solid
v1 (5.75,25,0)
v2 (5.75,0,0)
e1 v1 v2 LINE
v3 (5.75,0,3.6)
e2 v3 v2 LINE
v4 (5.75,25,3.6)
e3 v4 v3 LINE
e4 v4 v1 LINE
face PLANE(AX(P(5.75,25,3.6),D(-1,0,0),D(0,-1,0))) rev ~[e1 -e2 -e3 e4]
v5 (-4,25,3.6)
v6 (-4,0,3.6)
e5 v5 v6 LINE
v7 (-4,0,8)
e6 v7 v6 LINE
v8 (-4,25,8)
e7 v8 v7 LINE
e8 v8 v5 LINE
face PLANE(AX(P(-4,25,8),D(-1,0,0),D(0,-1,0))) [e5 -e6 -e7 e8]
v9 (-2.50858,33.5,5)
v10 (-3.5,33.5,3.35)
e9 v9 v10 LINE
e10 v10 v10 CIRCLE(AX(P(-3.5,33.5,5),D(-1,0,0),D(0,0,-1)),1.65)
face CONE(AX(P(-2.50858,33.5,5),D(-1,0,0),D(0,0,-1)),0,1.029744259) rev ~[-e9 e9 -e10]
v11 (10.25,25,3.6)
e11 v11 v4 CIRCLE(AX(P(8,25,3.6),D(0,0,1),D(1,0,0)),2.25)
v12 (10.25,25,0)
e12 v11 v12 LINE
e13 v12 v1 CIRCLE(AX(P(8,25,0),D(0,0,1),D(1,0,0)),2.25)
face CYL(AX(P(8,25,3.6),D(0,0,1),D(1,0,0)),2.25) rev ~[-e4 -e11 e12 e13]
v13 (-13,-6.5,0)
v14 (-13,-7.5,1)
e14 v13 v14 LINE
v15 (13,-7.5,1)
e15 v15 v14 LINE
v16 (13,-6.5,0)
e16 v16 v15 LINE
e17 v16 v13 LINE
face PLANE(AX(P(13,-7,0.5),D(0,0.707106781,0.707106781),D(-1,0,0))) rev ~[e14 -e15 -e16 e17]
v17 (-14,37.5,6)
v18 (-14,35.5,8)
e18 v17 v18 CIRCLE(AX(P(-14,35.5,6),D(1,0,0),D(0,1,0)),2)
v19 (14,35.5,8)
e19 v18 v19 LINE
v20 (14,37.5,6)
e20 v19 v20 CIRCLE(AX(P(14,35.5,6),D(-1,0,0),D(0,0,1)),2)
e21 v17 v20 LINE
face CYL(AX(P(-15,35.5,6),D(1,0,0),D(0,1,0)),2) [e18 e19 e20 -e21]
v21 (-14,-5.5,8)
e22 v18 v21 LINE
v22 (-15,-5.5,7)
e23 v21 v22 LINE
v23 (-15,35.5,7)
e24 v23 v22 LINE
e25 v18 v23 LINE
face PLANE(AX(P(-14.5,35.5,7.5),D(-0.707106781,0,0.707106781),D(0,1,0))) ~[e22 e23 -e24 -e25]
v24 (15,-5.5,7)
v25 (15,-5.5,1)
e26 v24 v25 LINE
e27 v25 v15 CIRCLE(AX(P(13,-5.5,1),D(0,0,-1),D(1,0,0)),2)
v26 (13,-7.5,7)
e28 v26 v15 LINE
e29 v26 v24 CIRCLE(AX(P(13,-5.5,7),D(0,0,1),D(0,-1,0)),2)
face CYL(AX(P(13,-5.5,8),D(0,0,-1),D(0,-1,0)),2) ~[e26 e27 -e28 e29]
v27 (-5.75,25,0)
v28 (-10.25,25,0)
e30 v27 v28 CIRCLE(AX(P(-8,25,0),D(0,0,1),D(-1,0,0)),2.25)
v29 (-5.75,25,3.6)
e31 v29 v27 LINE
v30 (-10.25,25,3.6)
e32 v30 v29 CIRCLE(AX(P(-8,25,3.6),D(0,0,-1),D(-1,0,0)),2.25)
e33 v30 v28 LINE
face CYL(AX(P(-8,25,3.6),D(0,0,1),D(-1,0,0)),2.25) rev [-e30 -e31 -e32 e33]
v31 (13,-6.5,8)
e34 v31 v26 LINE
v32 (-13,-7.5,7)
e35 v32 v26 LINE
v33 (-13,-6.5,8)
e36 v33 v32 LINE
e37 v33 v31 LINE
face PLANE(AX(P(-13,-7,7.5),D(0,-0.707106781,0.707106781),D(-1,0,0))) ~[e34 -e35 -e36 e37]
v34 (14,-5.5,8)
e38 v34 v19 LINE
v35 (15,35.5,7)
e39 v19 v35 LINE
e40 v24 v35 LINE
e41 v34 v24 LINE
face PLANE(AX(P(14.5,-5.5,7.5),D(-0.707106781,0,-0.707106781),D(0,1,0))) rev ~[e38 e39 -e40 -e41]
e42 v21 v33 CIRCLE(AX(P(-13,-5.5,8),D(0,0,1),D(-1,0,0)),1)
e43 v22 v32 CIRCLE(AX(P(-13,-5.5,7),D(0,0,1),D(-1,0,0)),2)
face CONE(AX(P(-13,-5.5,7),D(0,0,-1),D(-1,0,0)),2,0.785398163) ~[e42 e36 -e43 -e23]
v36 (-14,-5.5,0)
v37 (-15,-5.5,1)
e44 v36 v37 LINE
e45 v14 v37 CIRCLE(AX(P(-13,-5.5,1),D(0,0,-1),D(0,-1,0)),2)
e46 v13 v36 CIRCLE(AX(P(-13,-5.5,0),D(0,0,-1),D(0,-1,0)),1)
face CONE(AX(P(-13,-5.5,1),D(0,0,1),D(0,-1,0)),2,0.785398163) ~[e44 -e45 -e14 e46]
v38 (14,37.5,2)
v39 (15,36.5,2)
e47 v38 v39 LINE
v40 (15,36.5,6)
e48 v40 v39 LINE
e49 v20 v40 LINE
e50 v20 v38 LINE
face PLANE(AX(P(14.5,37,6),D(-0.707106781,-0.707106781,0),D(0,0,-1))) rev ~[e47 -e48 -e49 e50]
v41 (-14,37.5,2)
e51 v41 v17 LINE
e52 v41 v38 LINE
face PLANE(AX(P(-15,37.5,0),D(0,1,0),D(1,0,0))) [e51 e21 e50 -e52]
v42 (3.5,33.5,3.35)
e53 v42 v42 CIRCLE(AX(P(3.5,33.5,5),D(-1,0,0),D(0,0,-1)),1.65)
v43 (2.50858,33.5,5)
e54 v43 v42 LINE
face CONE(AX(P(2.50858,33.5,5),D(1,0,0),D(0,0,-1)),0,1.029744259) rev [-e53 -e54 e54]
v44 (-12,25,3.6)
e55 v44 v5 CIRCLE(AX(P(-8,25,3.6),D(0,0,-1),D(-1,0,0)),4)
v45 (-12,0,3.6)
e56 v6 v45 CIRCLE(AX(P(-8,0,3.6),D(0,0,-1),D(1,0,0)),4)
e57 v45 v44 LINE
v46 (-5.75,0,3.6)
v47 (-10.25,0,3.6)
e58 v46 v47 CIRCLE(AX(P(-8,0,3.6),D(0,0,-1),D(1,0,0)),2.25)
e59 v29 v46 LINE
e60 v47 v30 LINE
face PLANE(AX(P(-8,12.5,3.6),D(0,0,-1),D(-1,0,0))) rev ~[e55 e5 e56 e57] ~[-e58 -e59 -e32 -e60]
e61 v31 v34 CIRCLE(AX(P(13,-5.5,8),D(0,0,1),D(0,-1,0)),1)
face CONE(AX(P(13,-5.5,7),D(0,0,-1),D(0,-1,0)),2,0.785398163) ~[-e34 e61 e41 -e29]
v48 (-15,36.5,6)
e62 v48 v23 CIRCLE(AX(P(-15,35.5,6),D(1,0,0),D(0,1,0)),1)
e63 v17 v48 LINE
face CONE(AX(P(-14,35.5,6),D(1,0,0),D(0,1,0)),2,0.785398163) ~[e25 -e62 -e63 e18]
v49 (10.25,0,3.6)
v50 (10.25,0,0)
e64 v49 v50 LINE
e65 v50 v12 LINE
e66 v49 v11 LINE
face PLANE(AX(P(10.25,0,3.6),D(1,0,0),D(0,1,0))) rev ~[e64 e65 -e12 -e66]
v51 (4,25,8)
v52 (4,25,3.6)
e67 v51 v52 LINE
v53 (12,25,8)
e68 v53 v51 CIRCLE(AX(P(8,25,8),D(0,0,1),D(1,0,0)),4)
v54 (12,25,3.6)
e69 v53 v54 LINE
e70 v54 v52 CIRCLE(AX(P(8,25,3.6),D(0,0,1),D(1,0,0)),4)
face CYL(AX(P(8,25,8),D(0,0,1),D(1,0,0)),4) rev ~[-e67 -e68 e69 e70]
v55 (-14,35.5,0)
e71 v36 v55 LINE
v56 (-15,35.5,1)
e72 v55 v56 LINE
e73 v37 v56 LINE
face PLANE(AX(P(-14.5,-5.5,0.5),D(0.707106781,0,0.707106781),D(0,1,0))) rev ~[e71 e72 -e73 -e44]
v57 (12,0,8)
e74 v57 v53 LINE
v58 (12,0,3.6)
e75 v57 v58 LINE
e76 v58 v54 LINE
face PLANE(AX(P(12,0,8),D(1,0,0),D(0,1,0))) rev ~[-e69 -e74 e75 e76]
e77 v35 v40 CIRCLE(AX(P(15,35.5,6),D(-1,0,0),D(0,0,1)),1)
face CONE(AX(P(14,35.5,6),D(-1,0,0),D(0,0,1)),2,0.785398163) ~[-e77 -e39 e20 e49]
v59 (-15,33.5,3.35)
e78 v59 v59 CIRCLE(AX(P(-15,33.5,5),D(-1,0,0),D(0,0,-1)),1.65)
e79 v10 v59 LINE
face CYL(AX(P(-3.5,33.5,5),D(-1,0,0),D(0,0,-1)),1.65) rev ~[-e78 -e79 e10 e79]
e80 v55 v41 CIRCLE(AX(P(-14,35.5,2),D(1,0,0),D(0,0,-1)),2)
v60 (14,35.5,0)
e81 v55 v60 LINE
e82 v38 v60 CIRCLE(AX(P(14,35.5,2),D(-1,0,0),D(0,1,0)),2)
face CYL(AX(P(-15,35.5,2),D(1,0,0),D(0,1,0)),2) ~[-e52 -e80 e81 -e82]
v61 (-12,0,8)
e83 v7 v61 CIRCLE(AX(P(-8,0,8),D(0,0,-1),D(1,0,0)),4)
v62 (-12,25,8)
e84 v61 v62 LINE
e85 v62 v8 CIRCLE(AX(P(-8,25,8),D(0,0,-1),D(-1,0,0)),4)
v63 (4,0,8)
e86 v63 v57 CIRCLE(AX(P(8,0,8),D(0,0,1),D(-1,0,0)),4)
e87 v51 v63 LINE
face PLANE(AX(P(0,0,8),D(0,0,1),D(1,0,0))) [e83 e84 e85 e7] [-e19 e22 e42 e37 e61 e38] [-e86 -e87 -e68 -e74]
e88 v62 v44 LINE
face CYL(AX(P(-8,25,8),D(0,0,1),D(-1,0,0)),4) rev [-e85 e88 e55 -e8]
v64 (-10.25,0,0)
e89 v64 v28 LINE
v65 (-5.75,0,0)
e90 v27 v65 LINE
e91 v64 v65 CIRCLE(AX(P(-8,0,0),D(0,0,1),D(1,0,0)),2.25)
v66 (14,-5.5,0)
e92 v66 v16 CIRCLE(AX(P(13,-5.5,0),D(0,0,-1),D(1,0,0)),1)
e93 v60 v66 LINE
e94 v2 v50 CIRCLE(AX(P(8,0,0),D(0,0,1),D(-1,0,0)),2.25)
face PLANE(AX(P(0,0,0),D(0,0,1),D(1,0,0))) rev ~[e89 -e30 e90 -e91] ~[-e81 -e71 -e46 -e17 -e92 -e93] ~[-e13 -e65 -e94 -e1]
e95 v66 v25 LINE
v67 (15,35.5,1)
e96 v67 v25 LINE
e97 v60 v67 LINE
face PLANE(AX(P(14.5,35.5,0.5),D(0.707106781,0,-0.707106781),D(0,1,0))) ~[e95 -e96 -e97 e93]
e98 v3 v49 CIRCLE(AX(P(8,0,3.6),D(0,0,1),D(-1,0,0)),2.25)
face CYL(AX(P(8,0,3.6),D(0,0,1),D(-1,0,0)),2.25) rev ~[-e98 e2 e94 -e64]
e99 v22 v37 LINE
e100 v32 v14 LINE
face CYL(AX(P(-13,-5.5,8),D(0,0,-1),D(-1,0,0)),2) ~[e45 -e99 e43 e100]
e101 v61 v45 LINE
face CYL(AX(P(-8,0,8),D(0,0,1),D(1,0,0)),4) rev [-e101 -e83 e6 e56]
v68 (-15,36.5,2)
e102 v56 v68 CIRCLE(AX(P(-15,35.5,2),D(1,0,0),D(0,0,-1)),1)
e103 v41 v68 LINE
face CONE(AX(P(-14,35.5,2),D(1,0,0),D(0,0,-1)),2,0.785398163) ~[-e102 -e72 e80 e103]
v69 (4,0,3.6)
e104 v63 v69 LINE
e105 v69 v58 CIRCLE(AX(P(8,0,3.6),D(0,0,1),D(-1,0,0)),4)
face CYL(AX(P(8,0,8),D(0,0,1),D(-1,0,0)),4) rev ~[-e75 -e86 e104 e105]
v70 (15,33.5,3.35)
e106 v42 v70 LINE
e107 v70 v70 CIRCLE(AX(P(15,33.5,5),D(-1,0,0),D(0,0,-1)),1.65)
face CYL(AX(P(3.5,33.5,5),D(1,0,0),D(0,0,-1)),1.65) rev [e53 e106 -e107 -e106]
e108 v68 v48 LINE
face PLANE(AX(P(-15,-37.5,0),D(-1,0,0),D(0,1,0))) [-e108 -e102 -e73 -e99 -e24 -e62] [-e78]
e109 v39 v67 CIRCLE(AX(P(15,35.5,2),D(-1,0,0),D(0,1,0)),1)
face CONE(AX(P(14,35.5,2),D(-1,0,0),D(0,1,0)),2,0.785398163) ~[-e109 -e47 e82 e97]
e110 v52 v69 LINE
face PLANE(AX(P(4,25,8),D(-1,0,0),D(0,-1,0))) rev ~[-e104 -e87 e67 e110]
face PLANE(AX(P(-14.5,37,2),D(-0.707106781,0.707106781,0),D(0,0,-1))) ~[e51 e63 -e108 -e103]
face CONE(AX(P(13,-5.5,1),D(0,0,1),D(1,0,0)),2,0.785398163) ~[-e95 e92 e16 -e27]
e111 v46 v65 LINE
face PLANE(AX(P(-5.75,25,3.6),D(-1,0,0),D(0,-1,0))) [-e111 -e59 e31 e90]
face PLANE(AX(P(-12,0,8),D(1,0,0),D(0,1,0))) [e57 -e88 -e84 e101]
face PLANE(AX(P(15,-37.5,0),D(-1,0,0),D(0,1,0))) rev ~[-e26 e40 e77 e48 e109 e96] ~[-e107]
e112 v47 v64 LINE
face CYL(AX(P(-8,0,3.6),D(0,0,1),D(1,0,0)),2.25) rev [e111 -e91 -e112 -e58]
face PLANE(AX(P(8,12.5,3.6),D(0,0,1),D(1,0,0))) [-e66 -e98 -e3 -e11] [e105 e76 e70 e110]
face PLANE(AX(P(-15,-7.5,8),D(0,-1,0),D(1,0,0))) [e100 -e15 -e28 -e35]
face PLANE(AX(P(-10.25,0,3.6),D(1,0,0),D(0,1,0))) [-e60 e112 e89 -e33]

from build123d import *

# Parameters (mm, degrees)
SKETCH1_W           = 30
SKETCH1_H           = 75
BOSS_EXTRUDE1_DEPTH = 8
FILLET2_R           = 2
CUT_EXTRUDE3_DEPTH  = 4.4
CUT_EXTRUDE4_DEPTH  = 4.4
SKETCH11_W          = 30
SKETCH11_H          = 30
CUT_EXTRUDE5_DEPTH  = 29.4
FILLET3_R           = 2
CHAMFER1_SIZE       = 1


with BuildPart() as part:
    # Sketch1 → Boss-Extrude1 (new body)
    with BuildSketch(Plane.XY):
        Rectangle(SKETCH1_W, SKETCH1_H)
    extrude(amount=BOSS_EXTRUDE1_DEPTH)

    # Sketch3 → M4 Tapped Hole1 (revolve, cut)
    with BuildSketch(Plane(origin=(15, 33.5, 5), x_dir=(0, 0, -1), z_dir=(0, 1, 0))):
        Polygon((0, 0), (0, 12.491420021), (1.65, 11.5), (1.65, 0), align=None)
    m4_tapped_hole1 = revolve(axis=Axis((21.35, 33.5, 5), (-1, 0, 0)), mode=Mode.SUBTRACT)

    # Fillet2
    fillet2_edges = [part.edges().sort_by_distance(p)[0] for p in [
        (0, 37.5, 0),
        (0, 37.5, 8),
    ]]
    fillet(fillet2_edges, radius=FILLET2_R)

    # Sketch9 → Cut-Extrude3 (cut)
    with BuildSketch(Plane.XY.offset(8)):
        with BuildLine():
            Line((-12, 0), (-12, 25))
            ThreePointArc((-12, 25), (-8, 29), (-4, 25))
            Line((-4, 25), (-4, 0))
            ThreePointArc((-4, 0), (-8, -4), (-12, 0))
        make_face()
        with BuildLine():
            Line((12, 0), (12, 25))
            ThreePointArc((12, 25), (8, 29), (4, 25))
            Line((4, 25), (4, 0))
            ThreePointArc((4, 0), (8, -4), (12, 0))
        make_face()
    extrude(amount=-CUT_EXTRUDE3_DEPTH, mode=Mode.SUBTRACT)

    # Sketch10 → Cut-Extrude4 (cut)
    with BuildSketch(Plane.XY.offset(3.6)):
        with BuildLine():
            Line((-5.75, 25), (-5.75, 0))
            ThreePointArc((-5.75, 0), (-8, -2.25), (-10.25, 0))
            Line((-10.25, 0), (-10.25, 25))
            ThreePointArc((-10.25, 25), (-8, 27.25), (-5.75, 25))
        make_face()
        with BuildLine():
            Line((5.75, 25), (5.75, 0))
            ThreePointArc((5.75, 0), (8, -2.25), (10.25, 0))
            Line((10.25, 0), (10.25, 25))
            ThreePointArc((10.25, 25), (8, 27.25), (5.75, 25))
        make_face()
    extrude(amount=-CUT_EXTRUDE4_DEPTH, mode=Mode.SUBTRACT)

    # Sketch11 → Cut-Extrude5 (cut)
    with BuildSketch(Plane.XY.offset(8)):
        with Locations((0, -22.5)):
            Rectangle(SKETCH11_W, SKETCH11_H)
    extrude(amount=-CUT_EXTRUDE5_DEPTH, mode=Mode.SUBTRACT)

    # Fillet3
    fillet3_edges = [part.edges().sort_by_distance(p)[0] for p in [
        (15, -7.5, 4),
        (-15, -7.5, 4),
    ]]
    fillet(fillet3_edges, radius=FILLET3_R)

    # Mirror1: M4 Tapped Hole1 across plane
    add(m4_tapped_hole1.mirror(Plane(origin=(0, 0, 0), x_dir=(0, 0, 1), z_dir=(1, 0, 0))), mode=Mode.SUBTRACT)

    # Chamfer1
    chamfer1_edges = [part.edges().sort_by_distance(p)[0] for p in [
        (0, -7.5, 8),
        (0, -7.5, 0),
        (15, 15, 8),
        (-14.414213562, -6.914213562, 8),
        (14.414213562, -6.914213562, 8),
        (15, 15, 0),
        (-14.414213562, -6.914213562, 0),
        (14.414213562, -6.914213562, 0),
        (-15, 37.5, 4),
        (15, 37.5, 4),
        (-15, 15, 0),
        (-15, 15, 8),
        (-15, 36.914213562, 7.414213562),
        (-15, 36.914213562, 0.585786438),
        (15, 36.914213562, 7.414213562),
        (15, 36.914213562, 0.585786438),
    ]]
    chamfer(chamfer1_edges, length=CHAMFER1_SIZE)


solid = part.part
